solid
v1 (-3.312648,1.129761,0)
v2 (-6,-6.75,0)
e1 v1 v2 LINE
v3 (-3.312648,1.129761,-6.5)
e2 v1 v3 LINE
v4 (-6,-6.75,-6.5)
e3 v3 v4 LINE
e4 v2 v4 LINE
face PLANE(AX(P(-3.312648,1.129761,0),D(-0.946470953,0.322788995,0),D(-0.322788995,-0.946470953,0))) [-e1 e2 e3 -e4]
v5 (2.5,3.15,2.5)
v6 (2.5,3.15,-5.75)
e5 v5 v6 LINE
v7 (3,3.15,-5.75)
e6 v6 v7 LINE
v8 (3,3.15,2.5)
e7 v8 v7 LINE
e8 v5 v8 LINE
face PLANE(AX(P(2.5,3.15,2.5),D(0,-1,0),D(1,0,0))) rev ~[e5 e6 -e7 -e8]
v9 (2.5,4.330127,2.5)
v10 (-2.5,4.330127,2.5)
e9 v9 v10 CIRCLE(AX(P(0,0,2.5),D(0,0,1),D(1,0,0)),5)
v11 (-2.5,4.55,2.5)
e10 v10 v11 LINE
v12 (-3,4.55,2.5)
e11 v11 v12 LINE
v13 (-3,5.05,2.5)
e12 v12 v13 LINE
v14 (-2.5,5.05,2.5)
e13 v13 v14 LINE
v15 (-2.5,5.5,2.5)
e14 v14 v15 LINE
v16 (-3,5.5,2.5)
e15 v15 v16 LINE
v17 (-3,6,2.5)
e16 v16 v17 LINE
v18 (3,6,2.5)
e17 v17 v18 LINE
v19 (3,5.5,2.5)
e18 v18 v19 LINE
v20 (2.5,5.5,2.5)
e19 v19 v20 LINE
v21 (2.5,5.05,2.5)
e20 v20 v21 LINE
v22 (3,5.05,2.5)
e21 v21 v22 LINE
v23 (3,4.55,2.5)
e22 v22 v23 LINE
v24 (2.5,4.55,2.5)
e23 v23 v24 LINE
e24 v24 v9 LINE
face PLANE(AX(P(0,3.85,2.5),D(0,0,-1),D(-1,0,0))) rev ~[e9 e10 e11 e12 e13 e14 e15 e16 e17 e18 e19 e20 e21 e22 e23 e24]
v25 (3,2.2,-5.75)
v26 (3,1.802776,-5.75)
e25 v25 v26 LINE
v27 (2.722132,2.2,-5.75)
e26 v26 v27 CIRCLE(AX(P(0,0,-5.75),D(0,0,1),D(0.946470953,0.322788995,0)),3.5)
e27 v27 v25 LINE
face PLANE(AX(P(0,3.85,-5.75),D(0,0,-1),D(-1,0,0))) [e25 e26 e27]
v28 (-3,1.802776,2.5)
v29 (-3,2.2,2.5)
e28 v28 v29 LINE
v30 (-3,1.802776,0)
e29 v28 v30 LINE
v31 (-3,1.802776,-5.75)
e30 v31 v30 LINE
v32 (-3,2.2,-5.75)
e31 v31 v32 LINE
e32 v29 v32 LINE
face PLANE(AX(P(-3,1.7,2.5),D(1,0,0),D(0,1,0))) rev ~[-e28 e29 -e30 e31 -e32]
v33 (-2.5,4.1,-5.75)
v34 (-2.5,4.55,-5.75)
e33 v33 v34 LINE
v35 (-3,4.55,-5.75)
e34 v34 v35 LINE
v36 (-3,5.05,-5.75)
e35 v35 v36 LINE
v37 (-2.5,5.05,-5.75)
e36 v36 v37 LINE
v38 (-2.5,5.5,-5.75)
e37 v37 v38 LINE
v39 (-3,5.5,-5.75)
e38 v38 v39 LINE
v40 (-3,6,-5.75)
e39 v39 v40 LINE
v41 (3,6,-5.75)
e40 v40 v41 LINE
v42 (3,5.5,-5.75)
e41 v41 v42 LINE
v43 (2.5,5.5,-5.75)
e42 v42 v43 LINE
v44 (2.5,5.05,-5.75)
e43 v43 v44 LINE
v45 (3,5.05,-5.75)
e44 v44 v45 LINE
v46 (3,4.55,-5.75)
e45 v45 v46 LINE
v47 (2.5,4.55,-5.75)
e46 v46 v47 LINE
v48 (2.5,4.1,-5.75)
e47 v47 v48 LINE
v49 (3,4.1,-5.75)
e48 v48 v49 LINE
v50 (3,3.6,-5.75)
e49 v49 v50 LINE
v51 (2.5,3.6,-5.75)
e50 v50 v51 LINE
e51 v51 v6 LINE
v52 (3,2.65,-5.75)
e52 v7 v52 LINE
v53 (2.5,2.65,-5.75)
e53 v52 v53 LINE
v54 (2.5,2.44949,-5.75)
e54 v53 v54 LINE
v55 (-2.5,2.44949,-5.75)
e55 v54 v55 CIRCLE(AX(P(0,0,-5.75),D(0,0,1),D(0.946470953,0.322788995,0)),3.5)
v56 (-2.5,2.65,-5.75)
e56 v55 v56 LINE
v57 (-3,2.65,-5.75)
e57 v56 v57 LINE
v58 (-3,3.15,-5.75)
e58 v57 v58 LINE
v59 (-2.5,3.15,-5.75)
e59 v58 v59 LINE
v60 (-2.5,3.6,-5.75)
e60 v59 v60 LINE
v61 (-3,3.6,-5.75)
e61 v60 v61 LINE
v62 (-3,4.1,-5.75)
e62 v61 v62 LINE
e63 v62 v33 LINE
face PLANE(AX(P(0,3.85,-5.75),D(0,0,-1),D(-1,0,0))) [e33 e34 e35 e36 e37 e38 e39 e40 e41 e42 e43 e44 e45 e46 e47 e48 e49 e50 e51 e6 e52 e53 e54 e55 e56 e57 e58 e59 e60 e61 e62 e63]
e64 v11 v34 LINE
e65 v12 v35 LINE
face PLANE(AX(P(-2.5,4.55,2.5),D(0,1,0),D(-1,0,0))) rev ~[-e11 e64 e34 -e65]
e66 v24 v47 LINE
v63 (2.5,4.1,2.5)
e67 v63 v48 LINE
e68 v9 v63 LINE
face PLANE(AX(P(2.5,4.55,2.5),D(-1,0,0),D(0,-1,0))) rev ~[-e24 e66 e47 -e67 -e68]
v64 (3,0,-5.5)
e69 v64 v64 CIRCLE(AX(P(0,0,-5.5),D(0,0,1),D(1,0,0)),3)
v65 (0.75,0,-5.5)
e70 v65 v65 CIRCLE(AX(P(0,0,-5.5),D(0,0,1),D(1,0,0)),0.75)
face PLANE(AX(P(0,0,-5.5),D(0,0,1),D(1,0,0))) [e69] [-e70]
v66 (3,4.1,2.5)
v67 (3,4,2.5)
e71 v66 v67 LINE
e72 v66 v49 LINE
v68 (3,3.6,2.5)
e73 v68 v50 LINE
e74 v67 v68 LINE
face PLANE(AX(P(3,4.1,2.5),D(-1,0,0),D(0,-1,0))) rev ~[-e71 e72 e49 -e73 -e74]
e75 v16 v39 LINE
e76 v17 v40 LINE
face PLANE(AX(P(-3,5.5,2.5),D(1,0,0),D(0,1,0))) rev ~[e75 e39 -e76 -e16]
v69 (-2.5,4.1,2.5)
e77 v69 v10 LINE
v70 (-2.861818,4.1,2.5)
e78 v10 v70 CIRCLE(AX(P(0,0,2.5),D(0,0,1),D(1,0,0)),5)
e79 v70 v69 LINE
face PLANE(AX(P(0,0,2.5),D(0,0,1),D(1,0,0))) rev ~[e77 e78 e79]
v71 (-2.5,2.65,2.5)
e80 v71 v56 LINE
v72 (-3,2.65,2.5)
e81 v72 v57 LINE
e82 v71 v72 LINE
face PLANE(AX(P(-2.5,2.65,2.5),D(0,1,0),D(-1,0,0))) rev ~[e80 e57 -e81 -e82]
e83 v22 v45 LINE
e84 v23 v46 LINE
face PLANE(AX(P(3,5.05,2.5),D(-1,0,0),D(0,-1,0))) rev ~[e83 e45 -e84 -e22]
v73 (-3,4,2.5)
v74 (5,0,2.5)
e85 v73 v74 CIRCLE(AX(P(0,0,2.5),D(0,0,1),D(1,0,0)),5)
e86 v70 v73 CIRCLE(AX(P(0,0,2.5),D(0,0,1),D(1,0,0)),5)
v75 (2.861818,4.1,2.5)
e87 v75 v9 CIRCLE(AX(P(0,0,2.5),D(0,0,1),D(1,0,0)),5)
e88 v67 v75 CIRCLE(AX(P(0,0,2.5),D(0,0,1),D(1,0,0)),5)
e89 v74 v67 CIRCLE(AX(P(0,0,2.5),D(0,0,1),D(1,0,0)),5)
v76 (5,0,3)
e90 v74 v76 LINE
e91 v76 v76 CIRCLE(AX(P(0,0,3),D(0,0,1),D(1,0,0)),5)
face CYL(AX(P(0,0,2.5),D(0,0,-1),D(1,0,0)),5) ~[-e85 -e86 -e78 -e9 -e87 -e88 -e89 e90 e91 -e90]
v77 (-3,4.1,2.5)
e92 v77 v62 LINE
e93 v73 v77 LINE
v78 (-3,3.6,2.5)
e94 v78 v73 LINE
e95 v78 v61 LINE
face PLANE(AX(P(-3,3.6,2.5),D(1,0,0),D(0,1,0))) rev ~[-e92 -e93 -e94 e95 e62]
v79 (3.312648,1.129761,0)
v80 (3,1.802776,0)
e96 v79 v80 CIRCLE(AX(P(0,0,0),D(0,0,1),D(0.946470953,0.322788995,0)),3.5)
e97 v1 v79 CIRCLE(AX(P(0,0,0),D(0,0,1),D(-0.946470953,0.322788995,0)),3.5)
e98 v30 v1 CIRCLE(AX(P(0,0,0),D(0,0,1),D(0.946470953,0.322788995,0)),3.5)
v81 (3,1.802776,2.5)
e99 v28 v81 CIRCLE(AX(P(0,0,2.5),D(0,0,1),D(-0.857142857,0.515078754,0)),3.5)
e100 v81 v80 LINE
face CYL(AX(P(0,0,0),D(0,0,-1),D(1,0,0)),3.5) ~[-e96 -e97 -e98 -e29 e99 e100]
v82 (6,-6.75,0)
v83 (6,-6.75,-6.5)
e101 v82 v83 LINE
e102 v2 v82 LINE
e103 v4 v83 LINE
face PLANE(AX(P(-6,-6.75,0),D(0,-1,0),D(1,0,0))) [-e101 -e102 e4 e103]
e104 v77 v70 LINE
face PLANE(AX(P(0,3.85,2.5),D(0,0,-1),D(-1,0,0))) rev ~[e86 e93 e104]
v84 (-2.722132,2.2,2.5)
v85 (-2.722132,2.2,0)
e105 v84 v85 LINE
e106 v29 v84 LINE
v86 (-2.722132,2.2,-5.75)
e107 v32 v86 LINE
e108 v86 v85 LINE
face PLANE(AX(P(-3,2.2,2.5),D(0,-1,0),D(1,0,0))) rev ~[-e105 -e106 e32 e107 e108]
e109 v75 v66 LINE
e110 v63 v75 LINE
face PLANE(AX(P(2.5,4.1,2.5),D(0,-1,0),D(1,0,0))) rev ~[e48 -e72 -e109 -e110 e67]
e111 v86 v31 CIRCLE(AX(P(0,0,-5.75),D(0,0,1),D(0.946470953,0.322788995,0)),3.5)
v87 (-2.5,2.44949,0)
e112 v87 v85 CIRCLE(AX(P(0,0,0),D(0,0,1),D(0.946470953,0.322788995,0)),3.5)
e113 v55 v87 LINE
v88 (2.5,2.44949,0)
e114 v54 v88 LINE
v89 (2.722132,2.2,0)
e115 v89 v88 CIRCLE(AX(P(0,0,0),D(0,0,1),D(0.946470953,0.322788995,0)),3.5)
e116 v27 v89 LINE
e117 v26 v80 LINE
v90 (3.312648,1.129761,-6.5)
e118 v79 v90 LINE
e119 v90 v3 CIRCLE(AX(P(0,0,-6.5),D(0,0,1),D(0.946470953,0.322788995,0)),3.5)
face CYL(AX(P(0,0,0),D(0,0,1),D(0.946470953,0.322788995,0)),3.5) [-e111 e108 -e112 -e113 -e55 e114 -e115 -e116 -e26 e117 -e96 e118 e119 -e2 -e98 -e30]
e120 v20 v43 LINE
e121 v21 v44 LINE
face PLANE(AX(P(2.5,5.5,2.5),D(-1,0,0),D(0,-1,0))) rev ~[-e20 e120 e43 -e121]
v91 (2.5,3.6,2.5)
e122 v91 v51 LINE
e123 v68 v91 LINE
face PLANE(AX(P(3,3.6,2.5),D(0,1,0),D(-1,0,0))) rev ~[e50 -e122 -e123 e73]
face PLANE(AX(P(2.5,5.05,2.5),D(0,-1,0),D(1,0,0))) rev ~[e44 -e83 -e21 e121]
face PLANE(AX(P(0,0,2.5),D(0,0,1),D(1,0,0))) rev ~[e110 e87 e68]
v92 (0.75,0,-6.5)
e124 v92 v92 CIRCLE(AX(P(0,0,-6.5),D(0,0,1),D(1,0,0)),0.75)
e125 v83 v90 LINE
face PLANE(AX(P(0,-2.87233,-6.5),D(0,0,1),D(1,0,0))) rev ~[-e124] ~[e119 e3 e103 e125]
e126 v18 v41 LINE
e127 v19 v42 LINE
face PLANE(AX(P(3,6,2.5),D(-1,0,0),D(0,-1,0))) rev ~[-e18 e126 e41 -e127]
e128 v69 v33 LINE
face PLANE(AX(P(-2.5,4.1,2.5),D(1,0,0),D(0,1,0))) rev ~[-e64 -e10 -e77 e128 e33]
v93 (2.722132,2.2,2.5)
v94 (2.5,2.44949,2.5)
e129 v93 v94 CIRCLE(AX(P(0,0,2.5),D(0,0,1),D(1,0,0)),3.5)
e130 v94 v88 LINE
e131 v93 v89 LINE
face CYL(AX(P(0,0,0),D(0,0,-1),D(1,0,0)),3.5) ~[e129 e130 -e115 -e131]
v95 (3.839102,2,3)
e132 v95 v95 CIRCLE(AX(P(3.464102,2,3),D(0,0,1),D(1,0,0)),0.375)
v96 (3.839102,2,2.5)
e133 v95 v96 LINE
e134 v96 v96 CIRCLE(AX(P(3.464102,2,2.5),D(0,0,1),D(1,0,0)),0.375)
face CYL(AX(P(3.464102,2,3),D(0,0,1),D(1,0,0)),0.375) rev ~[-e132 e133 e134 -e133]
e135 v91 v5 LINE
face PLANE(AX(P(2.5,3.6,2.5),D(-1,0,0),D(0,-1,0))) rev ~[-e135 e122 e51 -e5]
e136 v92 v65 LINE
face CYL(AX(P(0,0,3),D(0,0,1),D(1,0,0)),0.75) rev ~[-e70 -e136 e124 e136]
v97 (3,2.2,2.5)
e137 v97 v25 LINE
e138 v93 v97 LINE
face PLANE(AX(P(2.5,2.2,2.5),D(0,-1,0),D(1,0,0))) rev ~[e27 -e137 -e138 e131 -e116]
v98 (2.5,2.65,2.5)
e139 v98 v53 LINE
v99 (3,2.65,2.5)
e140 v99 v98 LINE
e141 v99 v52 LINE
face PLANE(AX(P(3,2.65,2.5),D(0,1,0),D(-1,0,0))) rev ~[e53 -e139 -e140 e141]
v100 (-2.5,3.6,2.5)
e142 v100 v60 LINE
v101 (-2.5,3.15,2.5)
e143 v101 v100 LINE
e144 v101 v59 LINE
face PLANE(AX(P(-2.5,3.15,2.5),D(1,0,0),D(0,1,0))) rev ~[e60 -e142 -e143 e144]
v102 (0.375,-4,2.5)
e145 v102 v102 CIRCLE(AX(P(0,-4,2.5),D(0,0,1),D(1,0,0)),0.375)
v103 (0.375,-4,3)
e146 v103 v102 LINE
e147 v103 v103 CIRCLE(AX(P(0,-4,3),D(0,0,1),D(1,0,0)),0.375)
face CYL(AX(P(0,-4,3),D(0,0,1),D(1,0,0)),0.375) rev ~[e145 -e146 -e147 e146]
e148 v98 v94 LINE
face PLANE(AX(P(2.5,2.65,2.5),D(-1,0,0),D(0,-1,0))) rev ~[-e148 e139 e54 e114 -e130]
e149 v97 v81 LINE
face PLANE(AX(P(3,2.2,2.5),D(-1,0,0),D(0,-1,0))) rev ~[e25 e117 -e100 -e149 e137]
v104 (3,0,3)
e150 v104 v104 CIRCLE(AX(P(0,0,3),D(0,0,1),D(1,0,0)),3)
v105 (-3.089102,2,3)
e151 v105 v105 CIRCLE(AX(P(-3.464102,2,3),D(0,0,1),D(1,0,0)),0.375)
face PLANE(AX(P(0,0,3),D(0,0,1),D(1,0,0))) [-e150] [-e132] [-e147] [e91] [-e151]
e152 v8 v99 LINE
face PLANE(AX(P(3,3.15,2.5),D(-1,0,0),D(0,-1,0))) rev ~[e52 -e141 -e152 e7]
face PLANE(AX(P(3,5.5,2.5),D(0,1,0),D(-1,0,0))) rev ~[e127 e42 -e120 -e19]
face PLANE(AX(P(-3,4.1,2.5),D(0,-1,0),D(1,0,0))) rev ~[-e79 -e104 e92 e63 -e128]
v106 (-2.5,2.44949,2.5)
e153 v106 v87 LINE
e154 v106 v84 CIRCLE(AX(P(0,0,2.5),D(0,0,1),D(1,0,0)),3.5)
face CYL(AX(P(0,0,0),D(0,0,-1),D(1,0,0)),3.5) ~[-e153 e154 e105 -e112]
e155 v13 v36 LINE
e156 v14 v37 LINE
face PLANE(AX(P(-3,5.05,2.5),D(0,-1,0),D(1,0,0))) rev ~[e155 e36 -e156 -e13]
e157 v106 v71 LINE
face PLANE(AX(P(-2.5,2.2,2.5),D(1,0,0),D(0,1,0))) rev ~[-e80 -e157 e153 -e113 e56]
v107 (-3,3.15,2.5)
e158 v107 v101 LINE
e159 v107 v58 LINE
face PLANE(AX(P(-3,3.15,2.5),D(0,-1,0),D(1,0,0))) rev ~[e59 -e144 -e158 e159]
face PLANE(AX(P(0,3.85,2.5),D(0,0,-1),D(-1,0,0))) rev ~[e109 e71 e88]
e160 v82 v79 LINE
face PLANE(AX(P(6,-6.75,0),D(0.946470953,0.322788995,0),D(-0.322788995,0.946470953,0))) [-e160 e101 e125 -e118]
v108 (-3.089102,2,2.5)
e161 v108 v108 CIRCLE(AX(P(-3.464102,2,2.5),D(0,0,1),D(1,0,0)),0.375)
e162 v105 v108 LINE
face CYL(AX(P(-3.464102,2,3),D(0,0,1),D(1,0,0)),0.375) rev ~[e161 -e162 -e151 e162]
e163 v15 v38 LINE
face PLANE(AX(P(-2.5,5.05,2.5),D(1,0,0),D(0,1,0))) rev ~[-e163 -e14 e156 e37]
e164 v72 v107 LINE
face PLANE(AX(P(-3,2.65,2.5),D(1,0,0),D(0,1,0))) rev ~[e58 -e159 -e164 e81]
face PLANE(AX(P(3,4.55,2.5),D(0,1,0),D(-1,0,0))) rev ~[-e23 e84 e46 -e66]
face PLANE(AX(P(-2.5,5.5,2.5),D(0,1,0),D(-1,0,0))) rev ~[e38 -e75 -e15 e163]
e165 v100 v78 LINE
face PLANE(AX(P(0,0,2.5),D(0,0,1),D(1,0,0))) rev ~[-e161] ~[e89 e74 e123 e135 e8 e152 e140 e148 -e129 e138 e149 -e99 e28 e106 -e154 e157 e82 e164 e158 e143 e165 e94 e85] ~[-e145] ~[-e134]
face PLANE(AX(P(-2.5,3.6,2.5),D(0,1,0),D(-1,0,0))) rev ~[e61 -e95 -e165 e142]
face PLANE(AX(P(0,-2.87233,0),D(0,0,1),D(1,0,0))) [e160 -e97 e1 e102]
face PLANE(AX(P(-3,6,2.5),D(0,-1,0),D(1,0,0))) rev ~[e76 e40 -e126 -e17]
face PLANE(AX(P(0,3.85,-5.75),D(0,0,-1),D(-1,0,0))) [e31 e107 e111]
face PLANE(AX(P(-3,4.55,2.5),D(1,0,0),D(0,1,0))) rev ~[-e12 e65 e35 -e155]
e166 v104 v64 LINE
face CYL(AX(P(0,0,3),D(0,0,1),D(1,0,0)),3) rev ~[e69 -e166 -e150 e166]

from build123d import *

# Parameters (mm, degrees)
SKETCH1_R           = 0.75
BOSS_EXTRUDE1_DEPTH = 6.5
SKETCH6_R           = 3.5
BOSS_EXTRUDE4_DEPTH = 2.5
SKETCH7_R           = 5
BOSS_EXTRUDE5_DEPTH = 0.5
SKETCH8_R           = 0.75
CUT_EXTRUDE1_DEPTH  = 3
BOSS_EXTRUDE6_START = 2.5
BOSS_EXTRUDE6_DEPTH = 8.25
CUT_EXTRUDE2_REACH  = 11.5
SKETCH11_R          = 0.375
CUT_EXTRUDE3_START  = 3
SKETCH13_R          = 3
CUT_EXTRUDE3_DEPTH  = 8.5


with BuildPart() as part:
    # Sketch1 → Boss-Extrude1 (new body)
    with BuildSketch(Plane.XY):
        with BuildLine():
            Line((-6, -6.75), (6, -6.75))
            Line((6, -6.75), (3.312648335, 1.129761483))
            ThreePointArc((3.312648335, 1.129761483), (0, 3.5), (-3.312648335, 1.129761483))
            Line((-3.312648335, 1.129761483), (-6, -6.75))
        make_face()
        Circle(SKETCH1_R, mode=Mode.SUBTRACT)
    extrude(amount=-BOSS_EXTRUDE1_DEPTH)

    # Sketch6 → Boss-Extrude4 (add)
    with BuildSketch(Plane.XY):
        Circle(SKETCH6_R)
    extrude(amount=BOSS_EXTRUDE4_DEPTH)

    # Sketch7 → Boss-Extrude5 (add)
    with BuildSketch(Plane.XY.offset(2.5)):
        Circle(SKETCH7_R)
    extrude(amount=BOSS_EXTRUDE5_DEPTH)

    # Sketch8 → Cut-Extrude1 (cut)
    with BuildSketch(Plane.XY.offset(3)):
        Circle(SKETCH8_R)
    extrude(amount=-CUT_EXTRUDE1_DEPTH, mode=Mode.SUBTRACT)

    # Sketch10 → Boss-Extrude6 (add)
    with BuildSketch(Plane.XY.offset(BOSS_EXTRUDE6_START)):
        Polygon((-3, 6), (3, 6), (3, 5.5), (2.5, 5.5), (2.5, 5.05), (3, 5.05), (3, 4.55), (2.5, 4.55), (2.5, 4.1), (3, 4.1), (3, 3.6), (2.5, 3.6), (2.5, 3.15), (3, 3.15), (3, 2.65), (2.5, 2.65), (2.5, 2.2), (3, 2.2), (3, 1.7), (-3, 1.7), (-3, 2.2), (-2.5, 2.2), (-2.5, 2.65), (-3, 2.65), (-3, 3.15), (-2.5, 3.15), (-2.5, 3.6), (-3, 3.6), (-3, 4.1), (-2.5, 4.1), (-2.5, 4.55), (-3, 4.55), (-3, 5.05), (-2.5, 5.05), (-2.5, 5.5), (-3, 5.5), align=None)
    extrude(amount=-BOSS_EXTRUDE6_DEPTH)

    # Sketch11 → Cut-Extrude2 (cut, up to next)
    with BuildSketch(Plane.XY.offset(3), mode=Mode.PRIVATE) as cut_extrude2_sk1:
        with Locations((3.464101615, 2)):
            Circle(SKETCH11_R)
    cut_extrude2_tool1 = extrude(cut_extrude2_sk1.sketch, amount=-CUT_EXTRUDE2_REACH, mode=Mode.PRIVATE) & part.part
    add(cut_extrude2_tool1.solids().sort_by_distance((3.464102, 2, 3))[0], mode=Mode.SUBTRACT)
    # Sketch11 → Cut-Extrude2 (cut, up to next)
    with BuildSketch(Plane.XY.offset(3), mode=Mode.PRIVATE) as cut_extrude2_sk2:
        with Locations((0, -4)):
            Circle(SKETCH11_R)
    cut_extrude2_tool2 = extrude(cut_extrude2_sk2.sketch, amount=-CUT_EXTRUDE2_REACH, mode=Mode.PRIVATE) & part.part
    add(cut_extrude2_tool2.solids().sort_by_distance((0, -4, 3))[0], mode=Mode.SUBTRACT)
    # Sketch11 → Cut-Extrude2 (cut, up to next)
    with BuildSketch(Plane.XY.offset(3), mode=Mode.PRIVATE) as cut_extrude2_sk3:
        with Locations((-3.464101615, 2)):
            Circle(SKETCH11_R)
    cut_extrude2_tool3 = extrude(cut_extrude2_sk3.sketch, amount=-CUT_EXTRUDE2_REACH, mode=Mode.PRIVATE) & part.part
    add(cut_extrude2_tool3.solids().sort_by_distance((-3.464102, 2, 3))[0], mode=Mode.SUBTRACT)

    # Sketch13 → Cut-Extrude3 (cut)
    with BuildSketch(Plane.XY.offset(CUT_EXTRUDE3_START)):
        Circle(SKETCH13_R)
    extrude(amount=-CUT_EXTRUDE3_DEPTH, mode=Mode.SUBTRACT)


solid = part.part
